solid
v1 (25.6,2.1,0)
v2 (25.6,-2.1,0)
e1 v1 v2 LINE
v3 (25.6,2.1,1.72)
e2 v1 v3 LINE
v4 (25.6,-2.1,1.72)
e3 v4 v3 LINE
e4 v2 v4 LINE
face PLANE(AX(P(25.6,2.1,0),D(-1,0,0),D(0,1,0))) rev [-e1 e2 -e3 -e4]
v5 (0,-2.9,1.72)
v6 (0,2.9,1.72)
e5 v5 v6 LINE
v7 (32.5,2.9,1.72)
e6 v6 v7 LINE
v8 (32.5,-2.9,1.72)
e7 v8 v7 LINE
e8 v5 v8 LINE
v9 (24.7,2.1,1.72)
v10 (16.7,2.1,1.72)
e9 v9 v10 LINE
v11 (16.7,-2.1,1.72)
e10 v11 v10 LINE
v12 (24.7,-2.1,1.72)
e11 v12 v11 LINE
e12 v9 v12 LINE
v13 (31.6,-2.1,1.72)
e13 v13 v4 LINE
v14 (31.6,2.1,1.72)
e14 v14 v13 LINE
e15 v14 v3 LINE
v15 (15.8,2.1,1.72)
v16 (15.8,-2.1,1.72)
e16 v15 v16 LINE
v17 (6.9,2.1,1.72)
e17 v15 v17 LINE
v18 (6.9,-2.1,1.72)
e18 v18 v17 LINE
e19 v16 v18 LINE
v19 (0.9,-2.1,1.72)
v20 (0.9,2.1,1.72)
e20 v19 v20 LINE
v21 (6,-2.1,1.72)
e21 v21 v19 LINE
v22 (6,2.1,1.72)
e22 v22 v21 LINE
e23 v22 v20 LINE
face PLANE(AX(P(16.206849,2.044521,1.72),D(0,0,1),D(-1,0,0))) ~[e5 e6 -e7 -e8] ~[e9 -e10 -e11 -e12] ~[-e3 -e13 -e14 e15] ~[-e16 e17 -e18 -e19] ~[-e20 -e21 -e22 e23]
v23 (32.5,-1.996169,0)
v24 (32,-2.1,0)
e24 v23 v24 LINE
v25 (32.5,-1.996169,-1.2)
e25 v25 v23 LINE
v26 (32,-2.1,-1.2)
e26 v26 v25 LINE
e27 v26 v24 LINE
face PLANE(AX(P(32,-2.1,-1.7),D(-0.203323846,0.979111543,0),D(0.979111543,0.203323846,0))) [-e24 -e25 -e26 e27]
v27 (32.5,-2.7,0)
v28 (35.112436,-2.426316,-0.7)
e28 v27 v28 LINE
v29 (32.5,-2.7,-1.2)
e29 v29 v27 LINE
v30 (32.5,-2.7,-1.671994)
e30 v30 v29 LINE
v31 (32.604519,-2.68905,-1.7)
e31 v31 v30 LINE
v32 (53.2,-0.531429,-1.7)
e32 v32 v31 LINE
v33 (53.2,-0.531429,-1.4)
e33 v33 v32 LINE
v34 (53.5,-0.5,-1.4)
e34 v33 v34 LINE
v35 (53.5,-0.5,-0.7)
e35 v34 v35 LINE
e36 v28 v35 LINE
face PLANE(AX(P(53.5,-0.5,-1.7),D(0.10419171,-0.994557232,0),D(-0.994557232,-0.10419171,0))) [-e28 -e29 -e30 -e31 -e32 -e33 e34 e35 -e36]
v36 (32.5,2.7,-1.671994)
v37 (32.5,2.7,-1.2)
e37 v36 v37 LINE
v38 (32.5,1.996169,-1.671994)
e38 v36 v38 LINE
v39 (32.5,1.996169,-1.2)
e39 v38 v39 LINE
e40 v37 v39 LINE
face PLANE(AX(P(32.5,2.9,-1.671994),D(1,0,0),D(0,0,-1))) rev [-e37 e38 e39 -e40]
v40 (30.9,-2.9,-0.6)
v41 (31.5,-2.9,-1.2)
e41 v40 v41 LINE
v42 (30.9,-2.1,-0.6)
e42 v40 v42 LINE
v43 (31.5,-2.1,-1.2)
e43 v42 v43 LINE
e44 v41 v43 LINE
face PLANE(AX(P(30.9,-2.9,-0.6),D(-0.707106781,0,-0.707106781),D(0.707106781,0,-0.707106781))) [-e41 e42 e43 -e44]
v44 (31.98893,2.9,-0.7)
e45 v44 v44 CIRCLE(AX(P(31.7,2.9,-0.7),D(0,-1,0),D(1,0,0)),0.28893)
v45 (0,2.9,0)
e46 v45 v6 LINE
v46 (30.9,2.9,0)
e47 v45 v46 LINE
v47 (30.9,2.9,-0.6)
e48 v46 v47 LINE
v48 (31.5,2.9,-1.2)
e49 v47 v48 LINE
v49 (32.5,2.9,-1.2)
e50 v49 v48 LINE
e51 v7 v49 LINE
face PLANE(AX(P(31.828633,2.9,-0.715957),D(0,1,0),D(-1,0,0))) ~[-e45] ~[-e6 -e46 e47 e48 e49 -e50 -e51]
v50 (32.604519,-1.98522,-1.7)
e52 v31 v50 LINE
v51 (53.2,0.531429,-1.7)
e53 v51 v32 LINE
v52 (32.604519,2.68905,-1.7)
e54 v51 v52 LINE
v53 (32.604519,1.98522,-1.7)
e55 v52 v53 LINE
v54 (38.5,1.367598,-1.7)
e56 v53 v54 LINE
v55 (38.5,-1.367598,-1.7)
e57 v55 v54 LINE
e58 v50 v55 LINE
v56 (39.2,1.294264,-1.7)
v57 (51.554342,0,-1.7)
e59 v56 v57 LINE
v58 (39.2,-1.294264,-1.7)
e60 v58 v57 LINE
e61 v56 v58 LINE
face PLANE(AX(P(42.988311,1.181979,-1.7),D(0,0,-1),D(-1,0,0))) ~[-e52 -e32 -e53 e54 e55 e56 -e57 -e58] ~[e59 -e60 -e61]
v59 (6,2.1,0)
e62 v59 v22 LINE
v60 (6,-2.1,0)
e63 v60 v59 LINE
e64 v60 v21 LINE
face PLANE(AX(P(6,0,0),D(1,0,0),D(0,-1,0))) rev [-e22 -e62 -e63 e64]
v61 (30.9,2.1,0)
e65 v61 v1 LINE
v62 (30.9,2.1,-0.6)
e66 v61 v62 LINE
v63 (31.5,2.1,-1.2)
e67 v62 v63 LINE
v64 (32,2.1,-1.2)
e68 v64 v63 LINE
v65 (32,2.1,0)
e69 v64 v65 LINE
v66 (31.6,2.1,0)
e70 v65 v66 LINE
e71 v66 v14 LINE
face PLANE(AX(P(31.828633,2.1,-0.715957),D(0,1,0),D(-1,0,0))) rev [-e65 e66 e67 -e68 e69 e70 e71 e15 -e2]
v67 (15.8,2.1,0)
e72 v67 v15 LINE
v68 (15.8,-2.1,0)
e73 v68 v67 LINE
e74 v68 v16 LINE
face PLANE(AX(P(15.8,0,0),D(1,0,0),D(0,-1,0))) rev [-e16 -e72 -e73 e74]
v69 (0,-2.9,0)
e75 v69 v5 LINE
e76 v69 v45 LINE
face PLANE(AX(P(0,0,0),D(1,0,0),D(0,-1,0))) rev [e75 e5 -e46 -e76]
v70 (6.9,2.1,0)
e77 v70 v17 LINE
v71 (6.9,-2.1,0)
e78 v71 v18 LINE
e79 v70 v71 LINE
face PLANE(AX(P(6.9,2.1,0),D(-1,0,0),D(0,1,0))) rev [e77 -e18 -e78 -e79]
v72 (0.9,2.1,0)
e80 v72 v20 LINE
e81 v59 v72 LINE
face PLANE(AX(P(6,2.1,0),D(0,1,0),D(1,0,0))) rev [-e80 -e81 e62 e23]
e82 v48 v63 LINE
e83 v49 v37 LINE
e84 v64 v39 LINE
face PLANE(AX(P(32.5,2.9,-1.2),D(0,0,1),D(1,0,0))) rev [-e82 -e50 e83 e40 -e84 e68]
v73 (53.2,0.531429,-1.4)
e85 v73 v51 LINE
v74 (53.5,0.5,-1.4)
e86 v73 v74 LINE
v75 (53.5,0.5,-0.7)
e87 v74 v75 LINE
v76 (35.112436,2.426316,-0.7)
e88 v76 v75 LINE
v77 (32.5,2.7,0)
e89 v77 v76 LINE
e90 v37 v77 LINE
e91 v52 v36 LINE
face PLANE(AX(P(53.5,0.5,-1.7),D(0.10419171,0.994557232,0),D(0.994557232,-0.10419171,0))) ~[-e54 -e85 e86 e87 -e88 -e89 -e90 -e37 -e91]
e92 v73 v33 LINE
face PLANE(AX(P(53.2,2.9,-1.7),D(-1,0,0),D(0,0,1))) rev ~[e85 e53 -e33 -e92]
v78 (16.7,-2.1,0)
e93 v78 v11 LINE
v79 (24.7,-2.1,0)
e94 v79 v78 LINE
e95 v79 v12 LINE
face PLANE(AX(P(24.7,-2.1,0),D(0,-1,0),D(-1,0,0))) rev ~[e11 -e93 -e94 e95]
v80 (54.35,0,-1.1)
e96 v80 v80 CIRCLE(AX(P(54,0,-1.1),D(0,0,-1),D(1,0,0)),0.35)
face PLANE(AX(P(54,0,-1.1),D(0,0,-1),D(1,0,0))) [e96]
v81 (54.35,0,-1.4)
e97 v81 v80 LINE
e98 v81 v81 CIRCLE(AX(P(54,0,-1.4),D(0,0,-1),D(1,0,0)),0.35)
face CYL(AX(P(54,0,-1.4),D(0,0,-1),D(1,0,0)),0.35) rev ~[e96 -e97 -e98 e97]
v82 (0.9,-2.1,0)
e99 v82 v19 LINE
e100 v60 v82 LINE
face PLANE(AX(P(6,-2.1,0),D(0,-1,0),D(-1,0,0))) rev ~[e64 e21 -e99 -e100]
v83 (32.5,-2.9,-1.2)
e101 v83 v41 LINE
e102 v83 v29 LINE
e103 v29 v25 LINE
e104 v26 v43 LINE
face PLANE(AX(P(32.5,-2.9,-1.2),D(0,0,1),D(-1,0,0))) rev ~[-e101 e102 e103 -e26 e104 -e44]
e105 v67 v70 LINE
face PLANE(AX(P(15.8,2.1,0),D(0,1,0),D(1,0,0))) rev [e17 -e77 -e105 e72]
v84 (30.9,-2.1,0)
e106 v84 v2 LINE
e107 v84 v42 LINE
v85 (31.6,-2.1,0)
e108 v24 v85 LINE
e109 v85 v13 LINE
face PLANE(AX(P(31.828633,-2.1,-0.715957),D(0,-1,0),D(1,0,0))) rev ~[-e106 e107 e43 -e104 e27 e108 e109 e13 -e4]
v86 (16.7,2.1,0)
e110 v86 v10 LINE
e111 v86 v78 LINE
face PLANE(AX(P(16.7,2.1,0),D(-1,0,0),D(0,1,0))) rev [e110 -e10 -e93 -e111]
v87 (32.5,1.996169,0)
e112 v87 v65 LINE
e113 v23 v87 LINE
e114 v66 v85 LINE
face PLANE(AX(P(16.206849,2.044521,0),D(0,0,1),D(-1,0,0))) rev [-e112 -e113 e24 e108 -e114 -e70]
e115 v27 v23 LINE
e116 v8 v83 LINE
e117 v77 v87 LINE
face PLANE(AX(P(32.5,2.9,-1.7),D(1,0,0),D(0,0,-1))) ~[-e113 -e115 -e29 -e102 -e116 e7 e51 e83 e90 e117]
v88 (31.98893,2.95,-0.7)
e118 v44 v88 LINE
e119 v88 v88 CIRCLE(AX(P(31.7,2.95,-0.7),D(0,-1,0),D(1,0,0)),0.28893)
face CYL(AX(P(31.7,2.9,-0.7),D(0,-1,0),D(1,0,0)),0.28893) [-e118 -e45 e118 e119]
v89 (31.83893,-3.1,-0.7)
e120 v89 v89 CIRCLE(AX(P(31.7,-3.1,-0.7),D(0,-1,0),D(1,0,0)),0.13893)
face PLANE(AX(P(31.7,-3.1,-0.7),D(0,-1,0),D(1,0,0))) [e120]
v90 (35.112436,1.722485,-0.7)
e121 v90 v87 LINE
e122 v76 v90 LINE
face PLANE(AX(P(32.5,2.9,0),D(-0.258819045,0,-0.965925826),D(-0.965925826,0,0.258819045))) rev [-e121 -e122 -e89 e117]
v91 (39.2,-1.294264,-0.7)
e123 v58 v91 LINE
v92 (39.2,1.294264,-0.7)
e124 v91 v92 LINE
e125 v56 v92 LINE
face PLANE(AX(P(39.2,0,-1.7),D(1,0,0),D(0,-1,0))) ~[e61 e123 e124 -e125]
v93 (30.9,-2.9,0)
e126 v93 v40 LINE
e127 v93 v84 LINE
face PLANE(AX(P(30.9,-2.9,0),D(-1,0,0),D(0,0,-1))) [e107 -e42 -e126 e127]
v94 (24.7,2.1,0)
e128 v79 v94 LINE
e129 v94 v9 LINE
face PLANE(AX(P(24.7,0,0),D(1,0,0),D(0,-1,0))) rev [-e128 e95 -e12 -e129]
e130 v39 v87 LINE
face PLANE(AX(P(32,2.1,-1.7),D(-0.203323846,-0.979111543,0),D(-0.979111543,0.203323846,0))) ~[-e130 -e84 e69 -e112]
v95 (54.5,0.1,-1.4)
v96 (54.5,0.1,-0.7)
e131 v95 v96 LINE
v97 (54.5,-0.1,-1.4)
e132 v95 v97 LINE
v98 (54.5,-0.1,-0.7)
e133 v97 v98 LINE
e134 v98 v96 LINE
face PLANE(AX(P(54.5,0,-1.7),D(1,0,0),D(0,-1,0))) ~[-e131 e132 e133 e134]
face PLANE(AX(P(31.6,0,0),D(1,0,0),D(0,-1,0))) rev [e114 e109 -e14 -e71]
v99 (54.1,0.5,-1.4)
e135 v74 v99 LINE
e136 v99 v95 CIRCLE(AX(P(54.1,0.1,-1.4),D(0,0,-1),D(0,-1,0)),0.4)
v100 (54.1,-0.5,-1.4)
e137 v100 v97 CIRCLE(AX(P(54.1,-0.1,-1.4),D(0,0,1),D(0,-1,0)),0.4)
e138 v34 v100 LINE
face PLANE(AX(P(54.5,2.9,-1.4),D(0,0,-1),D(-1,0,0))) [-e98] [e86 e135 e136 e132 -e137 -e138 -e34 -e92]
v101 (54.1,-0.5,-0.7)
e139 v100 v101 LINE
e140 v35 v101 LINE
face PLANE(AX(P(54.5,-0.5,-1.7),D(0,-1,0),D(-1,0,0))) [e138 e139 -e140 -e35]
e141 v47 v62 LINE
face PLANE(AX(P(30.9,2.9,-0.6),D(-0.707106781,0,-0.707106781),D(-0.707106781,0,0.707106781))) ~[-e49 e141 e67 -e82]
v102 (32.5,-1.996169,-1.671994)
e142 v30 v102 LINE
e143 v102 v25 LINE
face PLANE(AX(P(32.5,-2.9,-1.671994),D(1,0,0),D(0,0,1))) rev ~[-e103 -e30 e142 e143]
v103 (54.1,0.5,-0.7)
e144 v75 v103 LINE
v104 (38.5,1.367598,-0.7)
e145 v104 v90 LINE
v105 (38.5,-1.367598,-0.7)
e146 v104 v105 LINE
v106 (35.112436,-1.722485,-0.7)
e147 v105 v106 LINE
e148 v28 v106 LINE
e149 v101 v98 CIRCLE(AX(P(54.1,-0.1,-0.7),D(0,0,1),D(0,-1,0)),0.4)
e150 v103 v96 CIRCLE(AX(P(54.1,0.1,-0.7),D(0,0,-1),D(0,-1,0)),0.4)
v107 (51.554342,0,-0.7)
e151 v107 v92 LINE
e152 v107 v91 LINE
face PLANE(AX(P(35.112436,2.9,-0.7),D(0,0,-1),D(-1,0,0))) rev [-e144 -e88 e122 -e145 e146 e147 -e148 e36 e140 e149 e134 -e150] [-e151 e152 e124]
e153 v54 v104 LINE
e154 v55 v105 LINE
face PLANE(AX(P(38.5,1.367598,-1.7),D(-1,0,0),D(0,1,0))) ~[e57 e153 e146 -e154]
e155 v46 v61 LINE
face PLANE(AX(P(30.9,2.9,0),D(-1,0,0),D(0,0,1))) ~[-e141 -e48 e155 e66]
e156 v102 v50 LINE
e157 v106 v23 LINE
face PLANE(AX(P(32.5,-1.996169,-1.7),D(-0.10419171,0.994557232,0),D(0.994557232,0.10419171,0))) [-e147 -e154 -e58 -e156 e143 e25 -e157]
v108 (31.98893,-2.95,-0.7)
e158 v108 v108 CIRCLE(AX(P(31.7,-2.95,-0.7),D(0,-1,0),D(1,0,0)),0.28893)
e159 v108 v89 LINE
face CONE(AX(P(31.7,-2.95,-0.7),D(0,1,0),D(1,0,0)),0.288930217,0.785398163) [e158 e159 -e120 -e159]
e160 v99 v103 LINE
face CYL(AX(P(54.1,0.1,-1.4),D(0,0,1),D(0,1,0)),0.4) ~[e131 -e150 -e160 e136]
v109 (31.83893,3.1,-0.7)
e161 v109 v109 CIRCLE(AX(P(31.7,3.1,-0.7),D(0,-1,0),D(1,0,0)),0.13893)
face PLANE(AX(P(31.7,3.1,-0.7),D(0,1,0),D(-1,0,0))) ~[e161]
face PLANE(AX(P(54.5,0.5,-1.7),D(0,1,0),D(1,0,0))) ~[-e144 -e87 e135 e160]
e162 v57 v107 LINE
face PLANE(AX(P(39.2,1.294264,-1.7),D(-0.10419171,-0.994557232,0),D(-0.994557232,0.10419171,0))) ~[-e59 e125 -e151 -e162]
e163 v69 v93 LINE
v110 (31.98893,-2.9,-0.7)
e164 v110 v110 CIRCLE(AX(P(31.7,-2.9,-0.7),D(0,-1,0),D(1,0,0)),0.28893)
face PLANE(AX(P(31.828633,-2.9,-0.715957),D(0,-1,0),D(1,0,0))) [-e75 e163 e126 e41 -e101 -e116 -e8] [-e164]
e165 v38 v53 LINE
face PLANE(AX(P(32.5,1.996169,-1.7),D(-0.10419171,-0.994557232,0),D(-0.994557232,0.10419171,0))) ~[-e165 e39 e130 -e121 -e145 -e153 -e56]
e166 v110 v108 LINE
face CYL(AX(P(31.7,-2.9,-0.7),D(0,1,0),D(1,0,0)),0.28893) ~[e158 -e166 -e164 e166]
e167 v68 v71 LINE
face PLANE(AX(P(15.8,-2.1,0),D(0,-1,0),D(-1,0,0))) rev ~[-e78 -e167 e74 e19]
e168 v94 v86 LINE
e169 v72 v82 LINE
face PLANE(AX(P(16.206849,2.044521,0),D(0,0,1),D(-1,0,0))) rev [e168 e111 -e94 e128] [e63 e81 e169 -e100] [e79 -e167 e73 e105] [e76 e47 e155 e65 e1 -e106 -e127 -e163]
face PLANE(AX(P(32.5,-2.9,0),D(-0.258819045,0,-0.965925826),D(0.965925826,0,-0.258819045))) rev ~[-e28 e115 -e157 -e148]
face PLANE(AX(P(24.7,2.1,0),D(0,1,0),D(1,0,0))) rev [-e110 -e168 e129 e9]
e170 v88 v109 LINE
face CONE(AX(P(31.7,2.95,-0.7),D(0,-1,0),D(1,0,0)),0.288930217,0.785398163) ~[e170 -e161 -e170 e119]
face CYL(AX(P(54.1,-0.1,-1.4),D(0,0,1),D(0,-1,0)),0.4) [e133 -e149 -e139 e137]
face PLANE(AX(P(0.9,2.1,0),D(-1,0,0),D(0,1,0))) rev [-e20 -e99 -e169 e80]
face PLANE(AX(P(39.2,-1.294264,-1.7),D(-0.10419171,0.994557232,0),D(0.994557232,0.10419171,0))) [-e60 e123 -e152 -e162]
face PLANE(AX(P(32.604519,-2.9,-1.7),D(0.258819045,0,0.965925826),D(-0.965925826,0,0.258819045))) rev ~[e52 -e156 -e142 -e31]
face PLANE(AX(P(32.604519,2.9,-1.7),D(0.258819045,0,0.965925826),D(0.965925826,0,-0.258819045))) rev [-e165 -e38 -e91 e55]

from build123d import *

# Parameters (mm, degrees)
F1_DEPTH  = 1.72
F3_DEPTH  = 0.8
F5_DEPTH  = 2
F7_DEPTH  = 2.901
F8_R      = 0.2889302174
F9_DEPTH  = 0.2
F10_SIZE  = 0.15
F12_W     = 1.3
F12_H     = 0.3
F13_DEPTH = 6.001
F14_R     = 0.4
F15_R     = 0.35
F16_DEPTH = 0.3


with BuildPart() as f1:
    # F0 (on Top) → F1 (new body)
    with BuildSketch(Plane.XY):
        Polygon((0.9, 0), (0, 0), (0, -2.9), (32.5, -2.9), (32.5, 0), (31.6, 0), (31.6, -2.1), (25.6, -2.1), (25.6, 0), (24.7, 0), (24.7, -2.1), (16.7, -2.1), (16.7, 0), (15.8, 0), (15.8, -2.1), (6.9, -2.1), (6.9, 0), (6, 0), (6, -2.1), (0.9, -2.1), align=None)
    extrude(amount=F1_DEPTH)

    # F2 (on face) → F3 (join, through all)
    with BuildSketch(Plane.XZ.offset(2.9)):
        Polygon((30.9, 0), (30.9, -0.6), (32, -1.7), (32.5, -1.7), (32.5, 0), align=None)
    extrude(amount=-F3_DEPTH)

    # F4 (on face) → F5 (join)
    with BuildSketch(Plane(origin=(0, 0, -1.7), x_dir=(1, 0, 0), z_dir=(0, 0, -1))):
        Polygon((53.5, 0.5), (32.5, 2.7), (32.5, 2.1), (32, 2.1), (32.5, 1.9961692123), (38.5, 1.3675977837), (38.5, 0), (39.2, 0), (39.2, 1.2942644504), (51.5543424806, 0), (54.5, 0), (54.5, 0.5), align=None)
    extrude(amount=-F5_DEPTH)

    # F6 (on face) → F7 (cut, through all)
    with BuildSketch(Plane.XZ.offset(2.9)):
        Polygon((54.5, 0.3), (32.5, 0.3), (32.5, 0), (35.1124355653, -0.7), (54.5, -0.7), align=None)
        Polygon((32.5, -1.6719941439), (32.5, -1.2), (31.5, -1.2), (32, -1.7), (32.5, -1.7), (32.6045192778, -1.7), align=None)
    extrude(amount=-F7_DEPTH, mode=Mode.SUBTRACT)

    # F8 (on face) → F9 (join)
    with BuildSketch(Plane.XZ.offset(2.9)):
        with Locations((31.7, -0.7)):
            Circle(F8_R)
    extrude(amount=F9_DEPTH)

    # F10
    f10_edges = [f1.edges().sort_by_distance(p)[0] for p in [
        (31.41107, -3.1, -0.7),
    ]]
    chamfer(f10_edges, length=F10_SIZE)

    # F11: F1 across face


with BuildPart() as f1_1:
    add(f1.part)
    add(f1.part.mirror(Plane(origin=(16.25, 0, 0.86), x_dir=(-1, 0, 0), z_dir=(0, 1, 0))))

    # F12 (on face) → F13 (cut, through all)
    with BuildSketch(Plane(origin=(0, 2.9, 0), x_dir=(-1, 0, 0), z_dir=(0, 1, 0))):
        with Locations((-53.85, -1.55)):
            Rectangle(F12_W, F12_H)
    extrude(amount=-F13_DEPTH, mode=Mode.SUBTRACT)

    # F14
    f14_edges = [f1_1.edges().sort_by_distance(p)[0] for p in [
        (54.5, 0.5, -1.05),
        (54.5, -0.5, -1.05),
    ]]
    fillet(f14_edges, radius=F14_R)

    # F15 (on face) → F16 (cut)
    with BuildSketch(Plane(origin=(0, 0, -1.4), x_dir=(1, 0, 0), z_dir=(0, 0, -1))):
        with Locations((54, 0)):
            Circle(F15_R)
    extrude(amount=-F16_DEPTH, mode=Mode.SUBTRACT)


solid = f1_1.part
